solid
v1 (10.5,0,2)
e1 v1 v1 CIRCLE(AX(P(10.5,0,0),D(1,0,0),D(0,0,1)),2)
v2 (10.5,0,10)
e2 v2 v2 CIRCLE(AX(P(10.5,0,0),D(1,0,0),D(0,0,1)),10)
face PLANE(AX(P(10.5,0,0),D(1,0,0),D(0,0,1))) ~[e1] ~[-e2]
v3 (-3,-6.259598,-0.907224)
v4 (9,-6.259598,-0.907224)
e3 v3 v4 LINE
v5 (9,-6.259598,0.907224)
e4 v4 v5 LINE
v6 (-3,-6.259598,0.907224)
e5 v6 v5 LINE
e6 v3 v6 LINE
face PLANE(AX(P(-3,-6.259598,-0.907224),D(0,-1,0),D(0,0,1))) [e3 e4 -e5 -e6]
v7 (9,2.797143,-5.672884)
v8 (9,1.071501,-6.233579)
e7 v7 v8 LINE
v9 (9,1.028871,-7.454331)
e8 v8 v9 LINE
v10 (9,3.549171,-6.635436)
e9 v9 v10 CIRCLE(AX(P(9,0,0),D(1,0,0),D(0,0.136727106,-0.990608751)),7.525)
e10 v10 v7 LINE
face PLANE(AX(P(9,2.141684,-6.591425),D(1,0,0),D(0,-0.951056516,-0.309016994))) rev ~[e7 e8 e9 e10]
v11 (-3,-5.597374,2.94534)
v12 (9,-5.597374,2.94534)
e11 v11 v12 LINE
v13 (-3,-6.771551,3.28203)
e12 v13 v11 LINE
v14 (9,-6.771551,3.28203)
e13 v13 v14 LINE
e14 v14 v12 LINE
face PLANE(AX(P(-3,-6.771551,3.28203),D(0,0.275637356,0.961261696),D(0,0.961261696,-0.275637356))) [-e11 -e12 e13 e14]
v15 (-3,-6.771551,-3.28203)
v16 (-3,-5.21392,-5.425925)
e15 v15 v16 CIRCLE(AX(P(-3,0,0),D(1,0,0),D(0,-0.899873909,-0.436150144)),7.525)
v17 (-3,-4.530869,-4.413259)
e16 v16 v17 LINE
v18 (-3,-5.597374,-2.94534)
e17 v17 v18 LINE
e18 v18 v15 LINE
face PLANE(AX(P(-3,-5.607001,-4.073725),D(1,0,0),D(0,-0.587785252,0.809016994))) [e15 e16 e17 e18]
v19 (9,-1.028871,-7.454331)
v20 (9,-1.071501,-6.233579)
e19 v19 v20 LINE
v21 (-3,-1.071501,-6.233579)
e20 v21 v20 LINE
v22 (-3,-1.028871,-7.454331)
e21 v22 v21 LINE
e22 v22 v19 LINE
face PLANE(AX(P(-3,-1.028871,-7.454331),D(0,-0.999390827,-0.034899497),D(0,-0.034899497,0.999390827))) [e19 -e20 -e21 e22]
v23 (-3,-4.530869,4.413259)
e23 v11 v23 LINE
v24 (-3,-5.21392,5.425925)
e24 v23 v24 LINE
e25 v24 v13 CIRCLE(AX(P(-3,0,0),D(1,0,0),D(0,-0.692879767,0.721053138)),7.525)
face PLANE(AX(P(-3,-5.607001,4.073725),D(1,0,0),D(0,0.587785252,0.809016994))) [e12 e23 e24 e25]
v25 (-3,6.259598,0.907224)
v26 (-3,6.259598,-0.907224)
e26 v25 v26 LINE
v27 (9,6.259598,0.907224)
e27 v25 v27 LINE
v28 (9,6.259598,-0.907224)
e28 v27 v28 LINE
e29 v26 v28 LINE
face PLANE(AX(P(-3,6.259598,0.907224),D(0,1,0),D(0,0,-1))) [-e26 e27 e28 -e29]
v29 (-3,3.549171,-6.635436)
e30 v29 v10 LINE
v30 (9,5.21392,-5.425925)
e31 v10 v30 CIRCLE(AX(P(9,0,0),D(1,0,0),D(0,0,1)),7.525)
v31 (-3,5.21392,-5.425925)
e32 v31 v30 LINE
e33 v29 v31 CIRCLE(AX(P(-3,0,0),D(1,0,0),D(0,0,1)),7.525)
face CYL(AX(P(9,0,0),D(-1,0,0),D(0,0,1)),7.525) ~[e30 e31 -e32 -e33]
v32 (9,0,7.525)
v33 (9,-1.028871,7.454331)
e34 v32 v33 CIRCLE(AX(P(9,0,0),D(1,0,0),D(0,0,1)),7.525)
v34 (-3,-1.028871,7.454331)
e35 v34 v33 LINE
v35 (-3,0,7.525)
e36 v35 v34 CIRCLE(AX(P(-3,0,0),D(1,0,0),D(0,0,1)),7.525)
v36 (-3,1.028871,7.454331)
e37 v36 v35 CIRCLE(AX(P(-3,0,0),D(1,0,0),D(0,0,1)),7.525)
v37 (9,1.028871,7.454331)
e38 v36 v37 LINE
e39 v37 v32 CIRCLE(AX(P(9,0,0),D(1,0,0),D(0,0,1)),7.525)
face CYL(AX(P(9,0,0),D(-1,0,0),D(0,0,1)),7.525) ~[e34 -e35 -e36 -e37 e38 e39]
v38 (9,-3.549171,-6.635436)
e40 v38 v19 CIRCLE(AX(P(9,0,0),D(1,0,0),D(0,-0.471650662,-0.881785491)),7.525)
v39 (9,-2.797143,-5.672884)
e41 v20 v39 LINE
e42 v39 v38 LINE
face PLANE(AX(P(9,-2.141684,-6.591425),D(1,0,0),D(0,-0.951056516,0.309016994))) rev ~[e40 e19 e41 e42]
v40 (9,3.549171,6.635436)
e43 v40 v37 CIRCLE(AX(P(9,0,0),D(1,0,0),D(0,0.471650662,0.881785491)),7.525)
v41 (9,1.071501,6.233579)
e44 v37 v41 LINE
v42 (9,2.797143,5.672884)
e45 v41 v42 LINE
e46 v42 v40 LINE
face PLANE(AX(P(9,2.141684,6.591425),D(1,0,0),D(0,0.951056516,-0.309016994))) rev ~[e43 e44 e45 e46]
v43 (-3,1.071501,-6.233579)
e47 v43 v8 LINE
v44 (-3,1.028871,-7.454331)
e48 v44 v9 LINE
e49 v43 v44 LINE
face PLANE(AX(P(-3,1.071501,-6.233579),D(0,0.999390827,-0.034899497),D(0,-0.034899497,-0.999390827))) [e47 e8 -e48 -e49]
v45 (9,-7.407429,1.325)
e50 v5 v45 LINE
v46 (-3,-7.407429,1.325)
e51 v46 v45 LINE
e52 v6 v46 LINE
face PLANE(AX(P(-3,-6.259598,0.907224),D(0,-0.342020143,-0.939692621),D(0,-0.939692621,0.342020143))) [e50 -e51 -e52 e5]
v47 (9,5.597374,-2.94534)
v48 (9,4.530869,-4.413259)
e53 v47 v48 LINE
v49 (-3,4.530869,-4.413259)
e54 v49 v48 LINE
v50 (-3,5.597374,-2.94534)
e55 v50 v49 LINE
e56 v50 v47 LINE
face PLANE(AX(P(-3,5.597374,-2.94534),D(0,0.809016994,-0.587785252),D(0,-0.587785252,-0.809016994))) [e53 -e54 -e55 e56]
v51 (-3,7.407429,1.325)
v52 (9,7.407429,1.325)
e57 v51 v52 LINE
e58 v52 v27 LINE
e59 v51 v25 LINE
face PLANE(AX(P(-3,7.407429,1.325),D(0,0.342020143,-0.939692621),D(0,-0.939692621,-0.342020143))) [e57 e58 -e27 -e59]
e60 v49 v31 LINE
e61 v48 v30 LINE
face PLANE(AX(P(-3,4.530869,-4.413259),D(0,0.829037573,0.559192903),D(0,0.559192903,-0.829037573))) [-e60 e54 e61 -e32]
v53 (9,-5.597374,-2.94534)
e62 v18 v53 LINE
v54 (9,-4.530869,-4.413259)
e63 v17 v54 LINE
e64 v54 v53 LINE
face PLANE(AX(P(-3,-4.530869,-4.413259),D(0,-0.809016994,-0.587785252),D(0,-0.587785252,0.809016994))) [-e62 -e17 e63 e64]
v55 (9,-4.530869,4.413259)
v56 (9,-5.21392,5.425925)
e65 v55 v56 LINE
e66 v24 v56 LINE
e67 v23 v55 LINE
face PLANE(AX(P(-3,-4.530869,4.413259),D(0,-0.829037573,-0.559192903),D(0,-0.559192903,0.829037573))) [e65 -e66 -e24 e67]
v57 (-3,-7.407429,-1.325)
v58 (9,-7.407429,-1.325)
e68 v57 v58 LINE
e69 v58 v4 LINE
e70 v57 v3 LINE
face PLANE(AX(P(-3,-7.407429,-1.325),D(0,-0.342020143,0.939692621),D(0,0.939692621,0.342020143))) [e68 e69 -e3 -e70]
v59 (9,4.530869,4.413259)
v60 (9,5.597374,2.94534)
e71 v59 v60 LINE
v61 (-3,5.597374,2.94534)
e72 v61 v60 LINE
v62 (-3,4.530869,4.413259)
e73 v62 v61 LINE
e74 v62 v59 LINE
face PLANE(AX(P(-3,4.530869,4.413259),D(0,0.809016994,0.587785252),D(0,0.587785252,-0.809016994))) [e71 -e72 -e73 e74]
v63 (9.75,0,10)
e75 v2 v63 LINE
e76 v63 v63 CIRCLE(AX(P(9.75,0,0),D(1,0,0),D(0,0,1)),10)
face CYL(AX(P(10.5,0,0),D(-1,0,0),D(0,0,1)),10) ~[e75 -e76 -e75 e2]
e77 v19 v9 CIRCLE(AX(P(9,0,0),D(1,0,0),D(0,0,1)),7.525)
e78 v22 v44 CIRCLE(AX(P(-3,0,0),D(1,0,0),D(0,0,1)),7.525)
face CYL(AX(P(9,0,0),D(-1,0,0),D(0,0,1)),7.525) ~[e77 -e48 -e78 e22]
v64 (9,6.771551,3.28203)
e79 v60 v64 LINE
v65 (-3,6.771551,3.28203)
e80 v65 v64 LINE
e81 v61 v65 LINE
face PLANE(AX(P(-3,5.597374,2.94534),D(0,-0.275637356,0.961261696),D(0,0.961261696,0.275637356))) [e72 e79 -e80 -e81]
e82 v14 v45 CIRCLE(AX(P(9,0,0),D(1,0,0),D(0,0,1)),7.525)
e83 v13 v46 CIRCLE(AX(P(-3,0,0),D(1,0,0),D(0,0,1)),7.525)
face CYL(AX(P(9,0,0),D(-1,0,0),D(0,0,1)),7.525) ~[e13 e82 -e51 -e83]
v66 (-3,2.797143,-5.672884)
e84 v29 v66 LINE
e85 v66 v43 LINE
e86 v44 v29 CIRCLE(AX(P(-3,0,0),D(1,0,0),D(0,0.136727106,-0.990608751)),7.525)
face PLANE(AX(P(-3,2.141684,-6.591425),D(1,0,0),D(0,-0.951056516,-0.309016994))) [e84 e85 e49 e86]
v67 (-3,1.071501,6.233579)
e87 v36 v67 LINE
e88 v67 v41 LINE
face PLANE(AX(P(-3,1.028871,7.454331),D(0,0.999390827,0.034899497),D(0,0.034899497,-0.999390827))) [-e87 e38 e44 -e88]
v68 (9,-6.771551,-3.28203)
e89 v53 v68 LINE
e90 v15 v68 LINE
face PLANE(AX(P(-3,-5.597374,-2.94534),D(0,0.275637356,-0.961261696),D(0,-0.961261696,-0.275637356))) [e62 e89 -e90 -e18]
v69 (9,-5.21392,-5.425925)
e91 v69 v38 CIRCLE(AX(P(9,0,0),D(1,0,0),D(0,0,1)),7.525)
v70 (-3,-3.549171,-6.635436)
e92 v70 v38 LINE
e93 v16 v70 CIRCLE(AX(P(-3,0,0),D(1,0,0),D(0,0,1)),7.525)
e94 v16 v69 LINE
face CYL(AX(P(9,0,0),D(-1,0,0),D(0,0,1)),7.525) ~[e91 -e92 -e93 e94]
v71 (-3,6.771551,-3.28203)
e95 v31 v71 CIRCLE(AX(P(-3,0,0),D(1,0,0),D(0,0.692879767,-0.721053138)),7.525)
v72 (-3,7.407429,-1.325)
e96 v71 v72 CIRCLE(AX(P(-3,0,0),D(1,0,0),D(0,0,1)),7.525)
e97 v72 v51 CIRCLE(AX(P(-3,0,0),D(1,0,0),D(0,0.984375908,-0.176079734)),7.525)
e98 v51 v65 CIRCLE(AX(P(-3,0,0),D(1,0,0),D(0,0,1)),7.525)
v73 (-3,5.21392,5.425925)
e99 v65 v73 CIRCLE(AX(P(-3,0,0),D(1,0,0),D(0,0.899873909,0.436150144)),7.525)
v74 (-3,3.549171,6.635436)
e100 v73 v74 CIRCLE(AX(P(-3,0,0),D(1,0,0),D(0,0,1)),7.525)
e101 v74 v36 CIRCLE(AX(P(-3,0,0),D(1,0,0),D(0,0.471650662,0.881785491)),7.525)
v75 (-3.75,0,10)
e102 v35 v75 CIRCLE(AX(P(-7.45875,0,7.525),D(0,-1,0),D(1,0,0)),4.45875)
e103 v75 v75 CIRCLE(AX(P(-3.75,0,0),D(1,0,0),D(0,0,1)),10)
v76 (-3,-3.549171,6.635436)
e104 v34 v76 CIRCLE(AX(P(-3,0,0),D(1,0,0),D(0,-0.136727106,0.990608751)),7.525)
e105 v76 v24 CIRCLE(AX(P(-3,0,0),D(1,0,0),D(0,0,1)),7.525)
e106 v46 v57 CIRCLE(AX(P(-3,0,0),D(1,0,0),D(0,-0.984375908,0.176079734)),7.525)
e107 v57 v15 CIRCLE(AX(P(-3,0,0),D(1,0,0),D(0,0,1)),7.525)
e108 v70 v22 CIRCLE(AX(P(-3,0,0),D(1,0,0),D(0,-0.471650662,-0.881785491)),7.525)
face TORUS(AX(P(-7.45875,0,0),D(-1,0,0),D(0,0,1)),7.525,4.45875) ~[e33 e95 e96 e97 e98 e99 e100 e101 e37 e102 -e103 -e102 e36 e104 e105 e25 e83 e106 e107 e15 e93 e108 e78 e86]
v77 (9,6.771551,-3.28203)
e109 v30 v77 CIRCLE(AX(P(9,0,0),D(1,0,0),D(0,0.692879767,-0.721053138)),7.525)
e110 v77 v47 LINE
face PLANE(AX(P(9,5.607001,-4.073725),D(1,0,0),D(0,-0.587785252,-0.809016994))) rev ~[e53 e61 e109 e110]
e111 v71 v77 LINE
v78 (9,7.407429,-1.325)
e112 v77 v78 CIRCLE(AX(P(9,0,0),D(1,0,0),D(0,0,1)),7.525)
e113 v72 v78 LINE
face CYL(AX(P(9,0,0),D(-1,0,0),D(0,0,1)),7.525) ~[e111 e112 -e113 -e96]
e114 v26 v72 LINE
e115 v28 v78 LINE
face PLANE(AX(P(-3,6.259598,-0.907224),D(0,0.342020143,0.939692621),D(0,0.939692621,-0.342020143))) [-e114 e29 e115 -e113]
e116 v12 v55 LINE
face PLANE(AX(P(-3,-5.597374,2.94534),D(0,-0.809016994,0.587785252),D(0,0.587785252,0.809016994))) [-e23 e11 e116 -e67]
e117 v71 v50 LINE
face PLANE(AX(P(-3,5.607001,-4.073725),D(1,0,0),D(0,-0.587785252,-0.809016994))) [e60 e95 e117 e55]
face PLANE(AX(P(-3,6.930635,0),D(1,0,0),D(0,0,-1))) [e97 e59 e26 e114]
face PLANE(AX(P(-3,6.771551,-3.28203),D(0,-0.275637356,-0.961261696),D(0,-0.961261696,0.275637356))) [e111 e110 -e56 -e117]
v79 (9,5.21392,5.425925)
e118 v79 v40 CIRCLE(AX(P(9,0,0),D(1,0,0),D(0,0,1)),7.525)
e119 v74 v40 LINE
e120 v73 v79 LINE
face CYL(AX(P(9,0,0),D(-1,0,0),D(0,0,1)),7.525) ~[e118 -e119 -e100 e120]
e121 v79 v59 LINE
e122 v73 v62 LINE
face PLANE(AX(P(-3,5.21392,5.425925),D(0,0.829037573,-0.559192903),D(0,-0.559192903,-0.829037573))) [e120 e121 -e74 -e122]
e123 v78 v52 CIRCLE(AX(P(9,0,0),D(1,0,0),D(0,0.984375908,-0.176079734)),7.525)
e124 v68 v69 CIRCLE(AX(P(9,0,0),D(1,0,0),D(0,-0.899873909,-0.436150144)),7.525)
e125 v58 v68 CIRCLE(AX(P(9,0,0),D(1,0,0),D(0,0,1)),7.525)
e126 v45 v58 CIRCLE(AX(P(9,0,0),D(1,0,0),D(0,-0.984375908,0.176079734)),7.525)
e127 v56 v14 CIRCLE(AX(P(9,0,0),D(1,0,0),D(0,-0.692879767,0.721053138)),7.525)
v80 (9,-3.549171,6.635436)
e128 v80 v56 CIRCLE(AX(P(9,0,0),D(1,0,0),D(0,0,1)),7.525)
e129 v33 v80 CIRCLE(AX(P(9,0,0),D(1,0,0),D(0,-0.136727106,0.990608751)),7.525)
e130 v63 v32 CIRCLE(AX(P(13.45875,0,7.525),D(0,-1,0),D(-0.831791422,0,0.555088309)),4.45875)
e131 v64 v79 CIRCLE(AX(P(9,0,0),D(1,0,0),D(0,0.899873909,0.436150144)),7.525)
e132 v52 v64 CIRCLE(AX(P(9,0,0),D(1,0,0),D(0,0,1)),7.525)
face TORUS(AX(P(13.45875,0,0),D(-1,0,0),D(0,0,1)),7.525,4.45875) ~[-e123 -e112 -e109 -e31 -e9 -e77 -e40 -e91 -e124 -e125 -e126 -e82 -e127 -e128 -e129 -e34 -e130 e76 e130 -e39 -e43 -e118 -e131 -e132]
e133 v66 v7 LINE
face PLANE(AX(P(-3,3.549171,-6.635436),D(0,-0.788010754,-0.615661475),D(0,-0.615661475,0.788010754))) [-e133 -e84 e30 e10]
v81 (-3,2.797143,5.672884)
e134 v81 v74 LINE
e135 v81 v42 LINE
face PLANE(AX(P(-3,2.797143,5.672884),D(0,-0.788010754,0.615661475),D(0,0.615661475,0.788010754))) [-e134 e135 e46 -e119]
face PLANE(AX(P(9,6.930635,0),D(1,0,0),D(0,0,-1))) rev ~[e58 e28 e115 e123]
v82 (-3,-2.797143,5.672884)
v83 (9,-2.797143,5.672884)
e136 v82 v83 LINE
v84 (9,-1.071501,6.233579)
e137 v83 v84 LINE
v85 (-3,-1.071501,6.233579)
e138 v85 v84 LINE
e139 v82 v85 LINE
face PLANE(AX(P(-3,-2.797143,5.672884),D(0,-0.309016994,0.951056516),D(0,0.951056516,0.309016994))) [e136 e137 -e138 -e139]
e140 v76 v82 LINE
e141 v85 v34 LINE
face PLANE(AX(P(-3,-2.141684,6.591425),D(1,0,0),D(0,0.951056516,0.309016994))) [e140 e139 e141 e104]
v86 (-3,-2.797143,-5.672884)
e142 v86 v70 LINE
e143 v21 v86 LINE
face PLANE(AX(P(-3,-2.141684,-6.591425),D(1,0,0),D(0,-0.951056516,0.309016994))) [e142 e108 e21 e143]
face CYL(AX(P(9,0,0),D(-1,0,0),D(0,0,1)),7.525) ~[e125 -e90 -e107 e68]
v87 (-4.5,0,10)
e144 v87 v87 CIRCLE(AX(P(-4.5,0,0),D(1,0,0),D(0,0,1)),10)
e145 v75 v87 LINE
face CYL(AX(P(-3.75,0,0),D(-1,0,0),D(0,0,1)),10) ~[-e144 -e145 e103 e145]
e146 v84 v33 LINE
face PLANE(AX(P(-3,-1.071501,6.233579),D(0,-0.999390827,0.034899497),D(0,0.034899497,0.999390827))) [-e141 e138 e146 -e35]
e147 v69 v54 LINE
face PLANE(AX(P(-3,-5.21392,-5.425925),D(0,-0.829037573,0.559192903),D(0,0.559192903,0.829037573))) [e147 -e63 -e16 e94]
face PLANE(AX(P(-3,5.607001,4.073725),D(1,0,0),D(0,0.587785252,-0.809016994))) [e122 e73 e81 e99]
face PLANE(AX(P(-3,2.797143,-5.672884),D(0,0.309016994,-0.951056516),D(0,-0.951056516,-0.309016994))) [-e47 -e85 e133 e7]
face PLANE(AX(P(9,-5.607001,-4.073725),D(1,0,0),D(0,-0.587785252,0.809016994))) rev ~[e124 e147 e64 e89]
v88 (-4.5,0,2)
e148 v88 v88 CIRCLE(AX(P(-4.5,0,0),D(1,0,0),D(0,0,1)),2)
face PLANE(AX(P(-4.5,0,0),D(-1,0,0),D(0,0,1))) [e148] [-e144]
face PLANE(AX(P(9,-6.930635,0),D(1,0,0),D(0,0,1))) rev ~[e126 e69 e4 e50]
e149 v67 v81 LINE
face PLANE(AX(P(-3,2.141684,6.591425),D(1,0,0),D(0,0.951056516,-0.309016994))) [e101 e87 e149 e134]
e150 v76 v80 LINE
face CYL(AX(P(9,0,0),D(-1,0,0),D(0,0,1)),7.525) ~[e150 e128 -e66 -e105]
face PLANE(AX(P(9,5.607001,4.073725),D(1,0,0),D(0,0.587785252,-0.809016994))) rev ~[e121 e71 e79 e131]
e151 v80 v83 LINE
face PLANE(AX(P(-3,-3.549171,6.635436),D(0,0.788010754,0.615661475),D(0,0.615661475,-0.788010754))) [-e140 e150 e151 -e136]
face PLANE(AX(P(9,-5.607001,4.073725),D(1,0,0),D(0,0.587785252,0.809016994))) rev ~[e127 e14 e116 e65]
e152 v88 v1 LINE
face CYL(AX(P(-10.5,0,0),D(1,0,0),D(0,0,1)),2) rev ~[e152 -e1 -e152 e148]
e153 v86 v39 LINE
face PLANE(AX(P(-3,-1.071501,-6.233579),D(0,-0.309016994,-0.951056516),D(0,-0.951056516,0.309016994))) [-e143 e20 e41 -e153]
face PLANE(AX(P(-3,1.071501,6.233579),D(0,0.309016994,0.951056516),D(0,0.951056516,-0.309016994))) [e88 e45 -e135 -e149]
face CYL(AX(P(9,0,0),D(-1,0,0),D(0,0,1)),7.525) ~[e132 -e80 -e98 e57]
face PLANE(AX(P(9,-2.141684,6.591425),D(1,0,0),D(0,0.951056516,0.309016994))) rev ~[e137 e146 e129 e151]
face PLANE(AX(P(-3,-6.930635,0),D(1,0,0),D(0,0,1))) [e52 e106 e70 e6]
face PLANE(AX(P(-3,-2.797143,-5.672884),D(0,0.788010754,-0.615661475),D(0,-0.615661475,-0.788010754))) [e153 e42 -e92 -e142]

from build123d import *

# Parameters (mm, degrees)
CUT_EXTRUDE1_START = -3
CUT_EXTRUDE1_DEPTH = 12
CIRPATTERN1_COUNT  = 10
SKETCH6_R          = 4
CUT_EXTRUDE2_DEPTH = 6


with BuildPart() as part:
    # Sketch1 → Revolve1 (revolve)
    with BuildSketch(Plane.XY, mode=Mode.PRIVATE) as revolve1_sk:
        with BuildLine():
            Line((-10.5, 2), (10.5, 2))
            Line((10.5, 2), (10.5, 10))
            Line((10.5, 10), (9.75, 10))
            ThreePointArc((9.75, 10), (9.191617437, 8.818070474), (9, 7.525))
            Line((9, 7.525), (-3, 7.525))
            ThreePointArc((-3, 7.525), (-3.191617437, 8.818070474), (-3.75, 10))
            Line((-3.75, 10), (-4.5, 10))
            Line((-4.5, 10), (-4.5, 4))
            Line((-4.5, 4), (-10.5, 4))
            Line((-10.5, 4), (-10.5, 2))
        make_face()
    revolve(revolve1_sk.sketch.rotate(Axis((-10.5, 0, 0), (1, 0, 0)), 90), axis=Axis((-10.5, 0, 0), (1, 0, 0)))

    # Sketch3 → Cut-Extrude1 (cut)
    with BuildSketch(Plane(origin=(0, 0, 0), x_dir=(0, 0, -1), z_dir=(1, 0, 0)).offset(CUT_EXTRUDE1_START)):
        with BuildLine():
            Line((-1.325, 7.407428704), (-0.907223869, 6.259598218))
            Line((-0.907223869, 6.259598218), (0.907223869, 6.259598218))
            Line((0.907223869, 6.259598218), (1.325, 7.407428704))
            ThreePointArc((1.325, 7.407428704), (0, 7.525), (-1.325, 7.407428704))
        make_face()
    cut_extrude1 = extrude(amount=CUT_EXTRUDE1_DEPTH, mode=Mode.SUBTRACT)

    # CirPattern1: Cut-Extrude1 ×10 about axis
    cirpattern1_axis = Axis((0, 0, 0), (1, 0, 0))
    for i in range(1, CIRPATTERN1_COUNT):
        add(cut_extrude1.rotate(cirpattern1_axis, i * 360 / CIRPATTERN1_COUNT), mode=Mode.SUBTRACT)

    # Sketch6 → Cut-Extrude2 (cut)
    with BuildSketch(Plane.ZY.offset(10.5)):
        Circle(SKETCH6_R)
    extrude(amount=-CUT_EXTRUDE2_DEPTH, mode=Mode.SUBTRACT)


solid = part.part
